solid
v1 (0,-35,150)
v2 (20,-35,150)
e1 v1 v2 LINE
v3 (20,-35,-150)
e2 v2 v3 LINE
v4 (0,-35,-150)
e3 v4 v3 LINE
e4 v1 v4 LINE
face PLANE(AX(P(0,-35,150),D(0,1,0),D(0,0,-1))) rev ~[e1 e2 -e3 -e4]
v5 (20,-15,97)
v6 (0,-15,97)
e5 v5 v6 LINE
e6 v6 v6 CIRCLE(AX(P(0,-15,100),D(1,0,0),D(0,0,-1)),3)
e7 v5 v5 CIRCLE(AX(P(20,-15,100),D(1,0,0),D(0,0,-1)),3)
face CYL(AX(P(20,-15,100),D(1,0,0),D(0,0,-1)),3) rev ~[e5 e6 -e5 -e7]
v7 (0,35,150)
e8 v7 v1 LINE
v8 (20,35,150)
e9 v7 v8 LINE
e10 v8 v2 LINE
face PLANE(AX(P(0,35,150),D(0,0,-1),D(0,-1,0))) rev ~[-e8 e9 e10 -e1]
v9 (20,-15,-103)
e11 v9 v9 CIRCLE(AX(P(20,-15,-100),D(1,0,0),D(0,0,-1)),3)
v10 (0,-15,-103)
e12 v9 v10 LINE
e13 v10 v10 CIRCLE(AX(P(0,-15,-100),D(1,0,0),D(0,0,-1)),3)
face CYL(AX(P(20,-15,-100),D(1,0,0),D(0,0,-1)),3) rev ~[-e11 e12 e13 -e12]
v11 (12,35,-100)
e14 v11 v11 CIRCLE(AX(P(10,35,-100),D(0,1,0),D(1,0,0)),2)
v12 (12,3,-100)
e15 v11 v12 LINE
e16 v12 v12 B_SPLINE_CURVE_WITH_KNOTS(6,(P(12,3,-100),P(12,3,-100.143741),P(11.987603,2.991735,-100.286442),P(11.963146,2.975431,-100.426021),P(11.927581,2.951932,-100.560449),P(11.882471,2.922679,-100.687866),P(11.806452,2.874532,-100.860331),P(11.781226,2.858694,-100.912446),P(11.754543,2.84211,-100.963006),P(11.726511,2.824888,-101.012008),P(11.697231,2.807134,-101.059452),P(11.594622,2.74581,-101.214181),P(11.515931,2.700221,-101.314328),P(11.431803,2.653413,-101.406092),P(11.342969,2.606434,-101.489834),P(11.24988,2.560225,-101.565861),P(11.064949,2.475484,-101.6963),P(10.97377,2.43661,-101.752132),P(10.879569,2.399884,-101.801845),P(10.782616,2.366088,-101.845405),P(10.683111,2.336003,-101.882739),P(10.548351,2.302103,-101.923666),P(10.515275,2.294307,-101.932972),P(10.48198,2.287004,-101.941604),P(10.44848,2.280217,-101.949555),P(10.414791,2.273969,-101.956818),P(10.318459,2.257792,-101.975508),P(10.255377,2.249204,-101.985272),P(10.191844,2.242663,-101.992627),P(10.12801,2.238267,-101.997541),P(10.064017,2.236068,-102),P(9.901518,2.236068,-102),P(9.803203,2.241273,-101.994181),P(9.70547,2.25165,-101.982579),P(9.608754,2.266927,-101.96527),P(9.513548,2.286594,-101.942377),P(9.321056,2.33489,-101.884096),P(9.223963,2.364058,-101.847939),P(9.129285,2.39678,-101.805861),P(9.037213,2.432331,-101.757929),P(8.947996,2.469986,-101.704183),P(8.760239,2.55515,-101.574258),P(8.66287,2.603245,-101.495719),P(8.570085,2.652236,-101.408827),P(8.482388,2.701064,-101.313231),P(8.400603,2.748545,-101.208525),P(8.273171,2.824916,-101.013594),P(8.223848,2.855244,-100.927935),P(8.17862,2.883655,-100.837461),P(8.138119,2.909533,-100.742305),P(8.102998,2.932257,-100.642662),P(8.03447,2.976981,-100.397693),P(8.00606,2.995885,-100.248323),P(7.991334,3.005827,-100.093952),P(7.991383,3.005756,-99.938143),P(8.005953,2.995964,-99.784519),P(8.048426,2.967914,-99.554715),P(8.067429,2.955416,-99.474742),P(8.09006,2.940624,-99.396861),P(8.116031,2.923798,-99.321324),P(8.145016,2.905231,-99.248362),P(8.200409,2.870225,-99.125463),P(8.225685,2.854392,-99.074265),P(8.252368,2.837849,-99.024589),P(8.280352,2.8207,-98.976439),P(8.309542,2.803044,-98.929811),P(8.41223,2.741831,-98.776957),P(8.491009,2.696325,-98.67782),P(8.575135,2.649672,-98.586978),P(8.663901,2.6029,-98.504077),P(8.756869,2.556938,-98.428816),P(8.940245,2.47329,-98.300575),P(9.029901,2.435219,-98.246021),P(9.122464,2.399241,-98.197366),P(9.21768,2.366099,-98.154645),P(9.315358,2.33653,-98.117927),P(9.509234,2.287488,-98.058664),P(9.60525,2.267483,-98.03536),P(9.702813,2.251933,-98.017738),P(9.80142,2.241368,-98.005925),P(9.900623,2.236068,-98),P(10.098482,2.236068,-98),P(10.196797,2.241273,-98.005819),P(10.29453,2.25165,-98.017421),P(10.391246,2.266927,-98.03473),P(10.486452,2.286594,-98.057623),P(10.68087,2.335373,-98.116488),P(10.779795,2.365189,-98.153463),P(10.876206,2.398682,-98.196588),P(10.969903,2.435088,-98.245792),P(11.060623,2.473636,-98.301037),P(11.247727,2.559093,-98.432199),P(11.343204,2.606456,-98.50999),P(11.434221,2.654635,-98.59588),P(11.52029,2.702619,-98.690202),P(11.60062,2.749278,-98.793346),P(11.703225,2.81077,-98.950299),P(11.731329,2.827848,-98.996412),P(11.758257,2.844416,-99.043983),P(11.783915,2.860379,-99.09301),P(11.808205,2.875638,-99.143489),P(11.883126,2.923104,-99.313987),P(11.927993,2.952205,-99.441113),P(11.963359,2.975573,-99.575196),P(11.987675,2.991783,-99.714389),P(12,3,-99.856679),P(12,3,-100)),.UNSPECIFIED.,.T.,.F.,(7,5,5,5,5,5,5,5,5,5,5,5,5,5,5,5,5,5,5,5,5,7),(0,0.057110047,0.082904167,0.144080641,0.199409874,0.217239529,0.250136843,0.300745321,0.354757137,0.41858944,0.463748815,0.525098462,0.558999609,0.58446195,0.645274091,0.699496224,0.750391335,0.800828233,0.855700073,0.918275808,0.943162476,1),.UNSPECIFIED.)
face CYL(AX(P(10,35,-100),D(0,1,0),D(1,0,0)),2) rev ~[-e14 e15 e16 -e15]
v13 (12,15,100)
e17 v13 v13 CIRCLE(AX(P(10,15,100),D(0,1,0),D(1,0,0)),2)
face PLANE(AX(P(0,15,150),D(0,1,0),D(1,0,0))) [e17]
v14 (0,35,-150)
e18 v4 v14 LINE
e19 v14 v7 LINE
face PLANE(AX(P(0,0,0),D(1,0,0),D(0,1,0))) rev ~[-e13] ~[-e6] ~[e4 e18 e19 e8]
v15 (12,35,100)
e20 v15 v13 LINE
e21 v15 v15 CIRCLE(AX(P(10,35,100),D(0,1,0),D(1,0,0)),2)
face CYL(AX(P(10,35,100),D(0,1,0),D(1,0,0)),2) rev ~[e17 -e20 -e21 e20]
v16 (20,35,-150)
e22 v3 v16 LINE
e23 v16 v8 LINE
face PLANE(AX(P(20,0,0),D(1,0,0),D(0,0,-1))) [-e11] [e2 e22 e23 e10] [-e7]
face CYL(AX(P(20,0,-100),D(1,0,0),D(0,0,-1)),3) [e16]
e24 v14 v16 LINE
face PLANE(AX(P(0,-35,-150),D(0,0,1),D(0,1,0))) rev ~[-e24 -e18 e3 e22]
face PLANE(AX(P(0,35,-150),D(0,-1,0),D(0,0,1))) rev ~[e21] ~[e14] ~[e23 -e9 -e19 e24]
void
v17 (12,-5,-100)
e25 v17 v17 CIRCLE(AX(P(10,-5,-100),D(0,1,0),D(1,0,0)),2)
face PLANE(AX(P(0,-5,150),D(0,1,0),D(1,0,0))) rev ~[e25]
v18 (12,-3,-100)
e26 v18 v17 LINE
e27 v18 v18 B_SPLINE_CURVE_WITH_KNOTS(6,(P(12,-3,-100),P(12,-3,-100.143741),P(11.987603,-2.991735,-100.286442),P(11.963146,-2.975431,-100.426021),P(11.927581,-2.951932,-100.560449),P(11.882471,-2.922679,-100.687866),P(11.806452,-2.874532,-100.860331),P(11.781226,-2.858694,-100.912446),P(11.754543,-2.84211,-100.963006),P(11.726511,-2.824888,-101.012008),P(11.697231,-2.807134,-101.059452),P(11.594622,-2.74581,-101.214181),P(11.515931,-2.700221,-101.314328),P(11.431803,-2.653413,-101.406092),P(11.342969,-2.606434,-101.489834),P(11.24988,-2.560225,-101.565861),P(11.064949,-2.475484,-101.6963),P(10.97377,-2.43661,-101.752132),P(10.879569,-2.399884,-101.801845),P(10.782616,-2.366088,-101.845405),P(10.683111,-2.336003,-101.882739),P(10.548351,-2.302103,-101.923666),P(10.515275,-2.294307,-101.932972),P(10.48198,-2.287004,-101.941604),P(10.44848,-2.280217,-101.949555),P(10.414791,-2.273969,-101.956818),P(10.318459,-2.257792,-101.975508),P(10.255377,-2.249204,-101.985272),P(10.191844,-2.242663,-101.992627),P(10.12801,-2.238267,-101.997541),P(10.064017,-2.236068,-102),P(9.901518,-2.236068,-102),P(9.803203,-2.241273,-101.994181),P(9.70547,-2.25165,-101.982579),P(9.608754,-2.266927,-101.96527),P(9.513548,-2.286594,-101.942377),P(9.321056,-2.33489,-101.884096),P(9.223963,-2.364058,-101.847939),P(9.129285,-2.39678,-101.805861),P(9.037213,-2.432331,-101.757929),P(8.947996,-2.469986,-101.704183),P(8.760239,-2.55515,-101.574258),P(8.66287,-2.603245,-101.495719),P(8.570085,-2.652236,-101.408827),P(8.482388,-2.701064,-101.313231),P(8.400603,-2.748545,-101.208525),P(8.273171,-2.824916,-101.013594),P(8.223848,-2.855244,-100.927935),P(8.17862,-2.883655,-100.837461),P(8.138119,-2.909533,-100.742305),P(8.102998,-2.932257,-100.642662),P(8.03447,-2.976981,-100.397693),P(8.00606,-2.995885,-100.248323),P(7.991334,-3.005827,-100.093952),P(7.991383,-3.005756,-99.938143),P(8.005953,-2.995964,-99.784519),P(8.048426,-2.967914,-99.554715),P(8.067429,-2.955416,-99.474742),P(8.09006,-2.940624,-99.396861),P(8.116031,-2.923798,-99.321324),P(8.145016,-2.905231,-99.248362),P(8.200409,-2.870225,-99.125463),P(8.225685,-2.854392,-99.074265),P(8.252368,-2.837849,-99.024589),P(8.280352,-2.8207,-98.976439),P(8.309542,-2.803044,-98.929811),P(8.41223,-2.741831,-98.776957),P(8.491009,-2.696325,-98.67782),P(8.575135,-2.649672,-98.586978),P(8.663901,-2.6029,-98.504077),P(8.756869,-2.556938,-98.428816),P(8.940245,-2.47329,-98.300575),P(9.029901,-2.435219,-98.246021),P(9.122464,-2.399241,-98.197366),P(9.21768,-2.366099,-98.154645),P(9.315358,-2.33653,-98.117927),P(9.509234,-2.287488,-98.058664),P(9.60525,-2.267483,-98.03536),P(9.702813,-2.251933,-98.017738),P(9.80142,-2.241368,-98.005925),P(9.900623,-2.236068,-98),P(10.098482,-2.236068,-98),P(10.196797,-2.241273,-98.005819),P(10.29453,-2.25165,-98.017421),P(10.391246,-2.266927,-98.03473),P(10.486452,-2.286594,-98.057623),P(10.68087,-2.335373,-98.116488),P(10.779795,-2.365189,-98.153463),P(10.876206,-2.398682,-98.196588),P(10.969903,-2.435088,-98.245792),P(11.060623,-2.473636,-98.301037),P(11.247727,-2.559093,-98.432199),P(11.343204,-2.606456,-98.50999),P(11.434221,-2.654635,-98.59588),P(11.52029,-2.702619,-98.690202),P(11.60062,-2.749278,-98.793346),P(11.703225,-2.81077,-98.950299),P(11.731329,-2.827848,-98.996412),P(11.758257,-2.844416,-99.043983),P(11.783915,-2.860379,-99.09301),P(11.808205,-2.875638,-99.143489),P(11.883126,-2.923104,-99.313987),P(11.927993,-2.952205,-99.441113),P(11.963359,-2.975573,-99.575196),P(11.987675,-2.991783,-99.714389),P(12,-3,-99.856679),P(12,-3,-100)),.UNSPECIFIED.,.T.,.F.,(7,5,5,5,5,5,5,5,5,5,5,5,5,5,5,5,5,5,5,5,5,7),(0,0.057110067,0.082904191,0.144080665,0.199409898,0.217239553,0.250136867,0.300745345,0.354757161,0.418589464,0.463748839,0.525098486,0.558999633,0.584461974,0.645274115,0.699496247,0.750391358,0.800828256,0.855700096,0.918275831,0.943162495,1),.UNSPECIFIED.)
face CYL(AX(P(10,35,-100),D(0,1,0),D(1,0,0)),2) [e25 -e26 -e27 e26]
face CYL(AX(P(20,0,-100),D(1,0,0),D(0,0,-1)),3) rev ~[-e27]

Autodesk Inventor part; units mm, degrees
ref_plane "YZ Plane" through (0, 0, 0) normal (1, 0, 0) x (0, 1, 0)
ref_plane "XZ Plane" through (0, 0, 0) normal (0, 1, 0) x (-1, 0, 0)
ref_plane "XY Plane" through (0, 0, 0) normal (0, 0, 1) x (1, 0, 0)
sketch "草图1" plane through (0, 0, 0) normal (1, 0, 0) x (0, 1, 0)
  line L0 (35, 150) -> (-35, 150)
  line L1 (-35, 150) -> (-35, -150)
  line L2 (-35, -150) -> (35, -150)
  line L3 (35, -150) -> (35, 150)
  point P0 (0, 0)
  dimension "d0" = 70
  dimension "d1" = 300
extrude "拉伸1" add sketch "草图1" along normal blind 20
sketch "草图2" plane through (0, 35, 150) normal (0, 1, 0) x (1, 0, 0)
  circle A0 centre (10, 50) radius 2
  point P0 (0, 150)
  dimension "d4" = 4
extrude "拉伸2" cut sketch "草图2" against normal blind 20
sketch "草图3" plane through (0, 35, 150) normal (0, 1, 0) x (1, 0, 0)
  circle A0 centre (10, 250) radius 2
  point P0 (0, 150)
  dimension "d7" = 4
extrude "拉伸3" cut sketch "草图3" against normal blind 40
sketch "草图4" plane through (20, 0, 0) normal (1, 0, 0) x (0, 0, -1)
  circle A0 centre (100, 0) radius 3
  point P0 (0, 0)
  dimension "d10" = 6
extrude "拉伸4" cut sketch "草图4" against normal through all
sketch "草图5" plane through (20, 0, 0) normal (1, 0, 0) x (0, 0, -1)
  circle A0 centre (-100, 0) radius 3
  point P0 (0, 0)
  dimension "d13" = 6
extrude "拉伸5" cut sketch "草图5" against normal through all
sketch "草图6" plane through (20, 0, 0) normal (1, 0, 0) x (0, 0, -1)
  circle A0 centre (-100, 0) radius 3 projected
  circle A1 centre (-100, 0) radius 3
  point P0 (0, 0)
  dimension "d16" = 6
extrude "拉伸6" add sketch "草图6" against normal blind 20
sketch "草图7" plane through (20, 0, 0) normal (1, 0, 0) x (0, 0, -1)
  circle A0 centre (100, 0) radius 3 projected
  circle A1 centre (100, 0) radius 3
  point P0 (0, 0)
  dimension "d19" = 6
extrude "拉伸7" add sketch "草图7" against normal blind 20
sketch "草图8" plane through (0, -35, -150) normal (0, -1, 0) x (1, 0, 0)
  line L0 (0, 300) -> (0, 0) projected
  line L1 (20, 300) -> (20, 0) projected
  line L2 (0, 300) -> (20, 300)
  line L3 (20, 300) -> (20, 0)
  line L4 (20, 0) -> (0, 0)
  line L5 (0, 0) -> (0, 300)
  point P0 (0, 150)
sketch "草图9" plane through (20, 0, 0) normal (1, 0, 0) x (0, 0, -1)
  circle A0 centre (-100, -15) radius 3
  point P0 (0, 0)
  dimension "d22" = 6
extrude "拉伸8" cut sketch "草图9" against normal through all
sketch "草图10" plane through (20, 0, 0) normal (1, 0, 0) x (0, 0, -1)
  circle A0 centre (100, -15) radius 3
  point P0 (0, 0)
  dimension "d25" = 6
extrude "拉伸9" cut sketch "草图10" against normal through all
sketch "草图11" plane through (20, 0, 0) normal (1, 0, 0) x (0, 0, -1)
  circle A0 centre (-100, -15) radius 3 projected
  circle A1 centre (-100, -15) radius 3
  point P0 (0, 0)
sketch "草图12" plane through (0, -35, -150) normal (0, -1, 0) x (1, 0, 0)
  point P0 (0, 150)
sketch "草图13" plane through (0, -35, -150) normal (0, -1, 0) x (1, 0, 0)
  point P0 (0, 150)
properties part number "马达安装版"
